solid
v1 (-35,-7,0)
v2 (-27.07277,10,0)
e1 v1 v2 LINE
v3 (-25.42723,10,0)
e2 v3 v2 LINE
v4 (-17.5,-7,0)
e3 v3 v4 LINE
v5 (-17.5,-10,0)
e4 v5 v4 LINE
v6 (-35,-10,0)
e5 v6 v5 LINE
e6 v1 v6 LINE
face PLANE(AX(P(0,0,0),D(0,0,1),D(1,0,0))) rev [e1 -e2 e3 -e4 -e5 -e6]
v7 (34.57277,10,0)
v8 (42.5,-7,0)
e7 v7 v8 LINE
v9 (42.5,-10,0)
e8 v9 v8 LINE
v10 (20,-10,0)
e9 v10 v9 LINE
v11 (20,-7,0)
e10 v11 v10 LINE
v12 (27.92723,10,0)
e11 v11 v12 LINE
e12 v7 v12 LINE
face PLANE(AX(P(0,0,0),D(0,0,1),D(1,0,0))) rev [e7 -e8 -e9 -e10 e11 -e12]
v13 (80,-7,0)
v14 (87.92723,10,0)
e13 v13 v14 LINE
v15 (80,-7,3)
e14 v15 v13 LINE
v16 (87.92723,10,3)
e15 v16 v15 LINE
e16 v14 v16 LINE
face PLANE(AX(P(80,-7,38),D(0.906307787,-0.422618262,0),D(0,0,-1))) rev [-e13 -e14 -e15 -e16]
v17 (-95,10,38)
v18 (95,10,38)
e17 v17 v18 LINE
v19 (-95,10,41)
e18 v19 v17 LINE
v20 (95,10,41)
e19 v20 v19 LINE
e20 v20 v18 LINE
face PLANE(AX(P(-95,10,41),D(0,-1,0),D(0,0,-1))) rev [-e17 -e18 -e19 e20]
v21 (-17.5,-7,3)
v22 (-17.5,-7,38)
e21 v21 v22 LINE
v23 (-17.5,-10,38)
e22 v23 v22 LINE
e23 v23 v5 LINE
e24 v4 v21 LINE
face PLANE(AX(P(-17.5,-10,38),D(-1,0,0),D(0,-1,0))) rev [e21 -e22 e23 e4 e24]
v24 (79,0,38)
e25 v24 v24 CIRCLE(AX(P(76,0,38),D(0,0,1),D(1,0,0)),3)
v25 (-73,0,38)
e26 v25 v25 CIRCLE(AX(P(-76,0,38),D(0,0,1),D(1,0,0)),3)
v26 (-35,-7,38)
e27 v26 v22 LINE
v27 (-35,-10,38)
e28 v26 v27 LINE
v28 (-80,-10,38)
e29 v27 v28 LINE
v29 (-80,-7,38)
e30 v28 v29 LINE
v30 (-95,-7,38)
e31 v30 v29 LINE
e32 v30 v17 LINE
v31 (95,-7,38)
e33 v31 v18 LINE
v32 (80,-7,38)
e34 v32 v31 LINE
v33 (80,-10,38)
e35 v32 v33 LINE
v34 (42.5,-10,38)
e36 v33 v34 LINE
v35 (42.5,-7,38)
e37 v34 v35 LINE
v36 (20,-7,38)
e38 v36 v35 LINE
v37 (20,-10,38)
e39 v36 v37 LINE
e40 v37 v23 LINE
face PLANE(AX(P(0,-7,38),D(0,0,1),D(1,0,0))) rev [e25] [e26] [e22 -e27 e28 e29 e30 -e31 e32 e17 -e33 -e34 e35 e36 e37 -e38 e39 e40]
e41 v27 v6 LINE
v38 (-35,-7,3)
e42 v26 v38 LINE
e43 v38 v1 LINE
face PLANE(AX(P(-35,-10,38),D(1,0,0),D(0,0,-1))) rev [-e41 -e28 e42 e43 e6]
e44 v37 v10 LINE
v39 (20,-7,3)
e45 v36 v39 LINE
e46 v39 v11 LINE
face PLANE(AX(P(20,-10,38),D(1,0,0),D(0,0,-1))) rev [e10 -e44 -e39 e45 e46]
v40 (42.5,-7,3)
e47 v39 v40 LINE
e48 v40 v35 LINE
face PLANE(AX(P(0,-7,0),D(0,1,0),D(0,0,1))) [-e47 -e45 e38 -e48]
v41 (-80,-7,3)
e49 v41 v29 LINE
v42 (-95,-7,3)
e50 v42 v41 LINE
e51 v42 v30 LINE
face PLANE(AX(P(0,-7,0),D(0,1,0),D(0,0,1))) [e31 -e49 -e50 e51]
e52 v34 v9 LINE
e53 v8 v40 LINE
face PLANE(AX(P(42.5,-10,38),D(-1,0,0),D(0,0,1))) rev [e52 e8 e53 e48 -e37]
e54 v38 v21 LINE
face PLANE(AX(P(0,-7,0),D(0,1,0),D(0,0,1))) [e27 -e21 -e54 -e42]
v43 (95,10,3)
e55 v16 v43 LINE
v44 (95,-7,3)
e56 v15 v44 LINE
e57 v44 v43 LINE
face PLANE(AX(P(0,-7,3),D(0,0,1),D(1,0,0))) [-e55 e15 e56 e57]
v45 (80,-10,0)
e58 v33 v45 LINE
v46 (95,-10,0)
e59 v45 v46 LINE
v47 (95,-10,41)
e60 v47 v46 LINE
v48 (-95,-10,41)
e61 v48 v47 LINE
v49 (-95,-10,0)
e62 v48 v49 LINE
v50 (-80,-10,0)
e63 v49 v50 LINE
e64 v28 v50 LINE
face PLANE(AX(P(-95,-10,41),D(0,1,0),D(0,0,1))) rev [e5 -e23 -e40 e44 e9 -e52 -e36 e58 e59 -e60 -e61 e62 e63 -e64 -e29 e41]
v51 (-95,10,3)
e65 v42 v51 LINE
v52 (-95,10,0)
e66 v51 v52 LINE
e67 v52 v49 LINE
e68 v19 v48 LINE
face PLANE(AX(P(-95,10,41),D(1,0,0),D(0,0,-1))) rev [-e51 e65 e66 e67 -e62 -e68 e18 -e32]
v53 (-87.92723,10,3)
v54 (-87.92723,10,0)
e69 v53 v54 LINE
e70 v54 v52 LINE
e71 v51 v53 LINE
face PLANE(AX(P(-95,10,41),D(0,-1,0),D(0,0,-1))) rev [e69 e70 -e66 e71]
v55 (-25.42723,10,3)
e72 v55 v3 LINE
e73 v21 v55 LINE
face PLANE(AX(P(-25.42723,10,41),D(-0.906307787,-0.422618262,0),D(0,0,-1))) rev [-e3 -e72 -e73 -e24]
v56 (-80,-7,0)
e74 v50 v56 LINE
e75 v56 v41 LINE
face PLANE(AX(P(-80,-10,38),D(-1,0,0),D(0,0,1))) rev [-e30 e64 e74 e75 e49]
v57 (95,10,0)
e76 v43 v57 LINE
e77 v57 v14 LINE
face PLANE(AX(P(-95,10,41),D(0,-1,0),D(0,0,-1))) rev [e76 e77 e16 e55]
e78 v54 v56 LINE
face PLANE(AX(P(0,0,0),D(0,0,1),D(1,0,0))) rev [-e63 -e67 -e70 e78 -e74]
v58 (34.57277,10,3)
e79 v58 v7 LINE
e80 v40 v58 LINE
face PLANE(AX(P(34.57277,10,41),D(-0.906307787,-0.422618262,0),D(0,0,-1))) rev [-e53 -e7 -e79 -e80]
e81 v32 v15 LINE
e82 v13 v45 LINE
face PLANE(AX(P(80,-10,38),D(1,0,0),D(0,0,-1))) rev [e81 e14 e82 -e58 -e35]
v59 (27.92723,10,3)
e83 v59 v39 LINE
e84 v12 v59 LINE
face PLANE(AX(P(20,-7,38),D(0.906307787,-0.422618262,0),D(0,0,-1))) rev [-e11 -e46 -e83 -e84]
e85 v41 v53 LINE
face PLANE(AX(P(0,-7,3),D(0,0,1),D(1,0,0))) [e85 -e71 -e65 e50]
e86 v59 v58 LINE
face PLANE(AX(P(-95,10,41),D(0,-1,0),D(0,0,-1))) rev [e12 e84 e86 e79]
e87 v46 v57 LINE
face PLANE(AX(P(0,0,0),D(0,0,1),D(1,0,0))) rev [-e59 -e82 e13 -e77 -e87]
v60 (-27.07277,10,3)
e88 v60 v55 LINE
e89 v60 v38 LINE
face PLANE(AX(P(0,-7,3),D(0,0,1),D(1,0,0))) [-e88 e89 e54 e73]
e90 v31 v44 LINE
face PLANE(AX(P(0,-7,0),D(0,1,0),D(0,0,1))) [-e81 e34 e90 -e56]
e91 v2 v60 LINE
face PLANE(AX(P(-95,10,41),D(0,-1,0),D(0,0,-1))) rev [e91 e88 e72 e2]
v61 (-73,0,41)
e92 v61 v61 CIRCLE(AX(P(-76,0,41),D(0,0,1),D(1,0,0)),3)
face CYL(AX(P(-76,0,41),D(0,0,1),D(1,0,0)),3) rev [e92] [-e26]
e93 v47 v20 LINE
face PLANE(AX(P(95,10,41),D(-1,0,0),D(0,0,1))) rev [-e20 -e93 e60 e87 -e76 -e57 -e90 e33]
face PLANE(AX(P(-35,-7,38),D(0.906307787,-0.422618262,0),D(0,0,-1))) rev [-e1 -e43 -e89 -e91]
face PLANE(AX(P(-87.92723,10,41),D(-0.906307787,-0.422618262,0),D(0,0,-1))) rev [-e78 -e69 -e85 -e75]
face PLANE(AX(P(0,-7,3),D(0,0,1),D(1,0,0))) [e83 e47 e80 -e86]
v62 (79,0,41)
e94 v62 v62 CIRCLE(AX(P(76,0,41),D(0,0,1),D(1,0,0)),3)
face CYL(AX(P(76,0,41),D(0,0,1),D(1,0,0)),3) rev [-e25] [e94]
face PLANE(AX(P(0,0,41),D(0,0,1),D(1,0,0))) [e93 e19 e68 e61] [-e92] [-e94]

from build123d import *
from OCP.BRepFilletAPI import BRepFilletAPI_MakeChamfer

# Parameters (mm, degrees)
SKICA1_W                      = 190
SKICA1_H                      = 20
P_IDAT_VYSUNUT_M1_DEPTH       = 41
SKICA2_W                      = 95
SKICA2_H                      = 35
ODEBRAT_VYSUNUT_M1_DEPTH      = 17
SKICA3_W                      = 37.5
SKICA3_H                      = 20
SKICA3_W_2                    = 45
ODEBRAT_VYSUNUT_M2_DEPTH      = 38
D_RY_PRO_KOL_K_VELIKOST_MM1_D = 6
ZKOSEN_2_SIZE                 = 17
ZKOSEN_2_SIZE2                = 7.927230189
ZKOSEN_3_SIZE                 = 17
ZKOSEN_3_SIZE2                = 7.927230189


with BuildPart() as part:
    # Skica1 → Přidat vysunutím1 (new body)
    with BuildSketch(Plane.XY):
        Rectangle(SKICA1_W, SKICA1_H)
    extrude(amount=P_IDAT_VYSUNUT_M1_DEPTH)

    # Skica2 → Odebrat vysunutím1 (cut)
    with BuildSketch(Plane(origin=(0, 10, 0), x_dir=(1, 0, 0), z_dir=(0, 1, 0))):
        with Locations((-47.5, -20.5)):
            Rectangle(SKICA2_W, SKICA2_H)
        with Locations((47.5, -20.5)):
            Rectangle(SKICA2_W, SKICA2_H)
    extrude(amount=-ODEBRAT_VYSUNUT_M1_DEPTH, mode=Mode.SUBTRACT)

    # Skica3 → Odebrat vysunutím2 (cut)
    with BuildSketch(Plane(origin=(0, 0, 0), x_dir=(-1, 0, 0), z_dir=(0, 0, -1))):
        with Locations((-61.25, 0)):
            Rectangle(SKICA3_W, SKICA3_H)
        with Locations((-1.25, 0)):
            Rectangle(SKICA3_W, SKICA3_H)
        with Locations((57.5, 0)):
            Rectangle(SKICA3_W_2, SKICA3_H)
    extrude(amount=-ODEBRAT_VYSUNUT_M2_DEPTH, mode=Mode.SUBTRACT)

    # Díry pro kolík, velikost mm1 (through all)
    with Locations(Plane.XY.offset(41)):
        with Locations((-76, 0), (76, 0)):
            Hole(D_RY_PRO_KOL_K_VELIKOST_MM1_D / 2)

    # Zkosení2: one chamfer whose edges measure the first distance from different faces: ONE call of the kernel's chamfer builder (chamfer() names one face for all edges)
    zkosen_2_edges_1 = [part.edges().sort_by_distance(p)[0] for p in [
        (-35, 10, 1.5),
    ]]
    zkosen_2_side_1 = [part.faces().sort_by_distance(p)[0] for p in [
        (-35, 0, 0.429418211),
    ]]
    zkosen_2_edges_2 = [part.edges().sort_by_distance(p)[0] for p in [
        (20, 10, 1.5),
    ]]
    zkosen_2_side_2 = [part.faces().sort_by_distance(p)[0] for p in [
        (20, 0, 0.429418211),
    ]]
    zkosen_2_edges_3 = [part.edges().sort_by_distance(p)[0] for p in [
        (80, 10, 1.5),
    ]]
    zkosen_2_side_3 = [part.faces().sort_by_distance(p)[0] for p in [
        (80, 0, 0.429418211),
    ]]
    zkosen_2 = BRepFilletAPI_MakeChamfer(part.part.solid().wrapped)
    for e in zkosen_2_edges_1:
        zkosen_2.Add(ZKOSEN_2_SIZE, ZKOSEN_2_SIZE2, e.wrapped, zkosen_2_side_1[0].wrapped)  # the first distance lies on this face
    for e in zkosen_2_edges_2:
        zkosen_2.Add(ZKOSEN_2_SIZE, ZKOSEN_2_SIZE2, e.wrapped, zkosen_2_side_2[0].wrapped)  # the first distance lies on this face
    for e in zkosen_2_edges_3:
        zkosen_2.Add(ZKOSEN_2_SIZE, ZKOSEN_2_SIZE2, e.wrapped, zkosen_2_side_3[0].wrapped)  # the first distance lies on this face
    add(Compound.cast(zkosen_2.Shape()), mode=Mode.REPLACE)

    # Zkosení3: one chamfer whose edges measure the first distance from different faces: ONE call of the kernel's chamfer builder (chamfer() names one face for all edges)
    zkosen_3_edges_1 = [part.edges().sort_by_distance(p)[0] for p in [
        (-80, 10, 1.5),
    ]]
    zkosen_3_side_1 = [part.faces().sort_by_distance(p)[0] for p in [
        (-80, 0, 0.429418211),
    ]]
    zkosen_3_edges_2 = [part.edges().sort_by_distance(p)[0] for p in [
        (-17.5, 10, 1.5),
    ]]
    zkosen_3_side_2 = [part.faces().sort_by_distance(p)[0] for p in [
        (-17.5, 0, 0.429418211),
    ]]
    zkosen_3_edges_3 = [part.edges().sort_by_distance(p)[0] for p in [
        (42.5, 10, 1.5),
    ]]
    zkosen_3_side_3 = [part.faces().sort_by_distance(p)[0] for p in [
        (42.5, 0, 0.429418211),
    ]]
    zkosen_3 = BRepFilletAPI_MakeChamfer(part.part.solid().wrapped)
    for e in zkosen_3_edges_1:
        zkosen_3.Add(ZKOSEN_3_SIZE, ZKOSEN_3_SIZE2, e.wrapped, zkosen_3_side_1[0].wrapped)  # the first distance lies on this face
    for e in zkosen_3_edges_2:
        zkosen_3.Add(ZKOSEN_3_SIZE, ZKOSEN_3_SIZE2, e.wrapped, zkosen_3_side_2[0].wrapped)  # the first distance lies on this face
    for e in zkosen_3_edges_3:
        zkosen_3.Add(ZKOSEN_3_SIZE, ZKOSEN_3_SIZE2, e.wrapped, zkosen_3_side_3[0].wrapped)  # the first distance lies on this face
    add(Compound.cast(zkosen_3.Shape()), mode=Mode.REPLACE)


solid = part.part
